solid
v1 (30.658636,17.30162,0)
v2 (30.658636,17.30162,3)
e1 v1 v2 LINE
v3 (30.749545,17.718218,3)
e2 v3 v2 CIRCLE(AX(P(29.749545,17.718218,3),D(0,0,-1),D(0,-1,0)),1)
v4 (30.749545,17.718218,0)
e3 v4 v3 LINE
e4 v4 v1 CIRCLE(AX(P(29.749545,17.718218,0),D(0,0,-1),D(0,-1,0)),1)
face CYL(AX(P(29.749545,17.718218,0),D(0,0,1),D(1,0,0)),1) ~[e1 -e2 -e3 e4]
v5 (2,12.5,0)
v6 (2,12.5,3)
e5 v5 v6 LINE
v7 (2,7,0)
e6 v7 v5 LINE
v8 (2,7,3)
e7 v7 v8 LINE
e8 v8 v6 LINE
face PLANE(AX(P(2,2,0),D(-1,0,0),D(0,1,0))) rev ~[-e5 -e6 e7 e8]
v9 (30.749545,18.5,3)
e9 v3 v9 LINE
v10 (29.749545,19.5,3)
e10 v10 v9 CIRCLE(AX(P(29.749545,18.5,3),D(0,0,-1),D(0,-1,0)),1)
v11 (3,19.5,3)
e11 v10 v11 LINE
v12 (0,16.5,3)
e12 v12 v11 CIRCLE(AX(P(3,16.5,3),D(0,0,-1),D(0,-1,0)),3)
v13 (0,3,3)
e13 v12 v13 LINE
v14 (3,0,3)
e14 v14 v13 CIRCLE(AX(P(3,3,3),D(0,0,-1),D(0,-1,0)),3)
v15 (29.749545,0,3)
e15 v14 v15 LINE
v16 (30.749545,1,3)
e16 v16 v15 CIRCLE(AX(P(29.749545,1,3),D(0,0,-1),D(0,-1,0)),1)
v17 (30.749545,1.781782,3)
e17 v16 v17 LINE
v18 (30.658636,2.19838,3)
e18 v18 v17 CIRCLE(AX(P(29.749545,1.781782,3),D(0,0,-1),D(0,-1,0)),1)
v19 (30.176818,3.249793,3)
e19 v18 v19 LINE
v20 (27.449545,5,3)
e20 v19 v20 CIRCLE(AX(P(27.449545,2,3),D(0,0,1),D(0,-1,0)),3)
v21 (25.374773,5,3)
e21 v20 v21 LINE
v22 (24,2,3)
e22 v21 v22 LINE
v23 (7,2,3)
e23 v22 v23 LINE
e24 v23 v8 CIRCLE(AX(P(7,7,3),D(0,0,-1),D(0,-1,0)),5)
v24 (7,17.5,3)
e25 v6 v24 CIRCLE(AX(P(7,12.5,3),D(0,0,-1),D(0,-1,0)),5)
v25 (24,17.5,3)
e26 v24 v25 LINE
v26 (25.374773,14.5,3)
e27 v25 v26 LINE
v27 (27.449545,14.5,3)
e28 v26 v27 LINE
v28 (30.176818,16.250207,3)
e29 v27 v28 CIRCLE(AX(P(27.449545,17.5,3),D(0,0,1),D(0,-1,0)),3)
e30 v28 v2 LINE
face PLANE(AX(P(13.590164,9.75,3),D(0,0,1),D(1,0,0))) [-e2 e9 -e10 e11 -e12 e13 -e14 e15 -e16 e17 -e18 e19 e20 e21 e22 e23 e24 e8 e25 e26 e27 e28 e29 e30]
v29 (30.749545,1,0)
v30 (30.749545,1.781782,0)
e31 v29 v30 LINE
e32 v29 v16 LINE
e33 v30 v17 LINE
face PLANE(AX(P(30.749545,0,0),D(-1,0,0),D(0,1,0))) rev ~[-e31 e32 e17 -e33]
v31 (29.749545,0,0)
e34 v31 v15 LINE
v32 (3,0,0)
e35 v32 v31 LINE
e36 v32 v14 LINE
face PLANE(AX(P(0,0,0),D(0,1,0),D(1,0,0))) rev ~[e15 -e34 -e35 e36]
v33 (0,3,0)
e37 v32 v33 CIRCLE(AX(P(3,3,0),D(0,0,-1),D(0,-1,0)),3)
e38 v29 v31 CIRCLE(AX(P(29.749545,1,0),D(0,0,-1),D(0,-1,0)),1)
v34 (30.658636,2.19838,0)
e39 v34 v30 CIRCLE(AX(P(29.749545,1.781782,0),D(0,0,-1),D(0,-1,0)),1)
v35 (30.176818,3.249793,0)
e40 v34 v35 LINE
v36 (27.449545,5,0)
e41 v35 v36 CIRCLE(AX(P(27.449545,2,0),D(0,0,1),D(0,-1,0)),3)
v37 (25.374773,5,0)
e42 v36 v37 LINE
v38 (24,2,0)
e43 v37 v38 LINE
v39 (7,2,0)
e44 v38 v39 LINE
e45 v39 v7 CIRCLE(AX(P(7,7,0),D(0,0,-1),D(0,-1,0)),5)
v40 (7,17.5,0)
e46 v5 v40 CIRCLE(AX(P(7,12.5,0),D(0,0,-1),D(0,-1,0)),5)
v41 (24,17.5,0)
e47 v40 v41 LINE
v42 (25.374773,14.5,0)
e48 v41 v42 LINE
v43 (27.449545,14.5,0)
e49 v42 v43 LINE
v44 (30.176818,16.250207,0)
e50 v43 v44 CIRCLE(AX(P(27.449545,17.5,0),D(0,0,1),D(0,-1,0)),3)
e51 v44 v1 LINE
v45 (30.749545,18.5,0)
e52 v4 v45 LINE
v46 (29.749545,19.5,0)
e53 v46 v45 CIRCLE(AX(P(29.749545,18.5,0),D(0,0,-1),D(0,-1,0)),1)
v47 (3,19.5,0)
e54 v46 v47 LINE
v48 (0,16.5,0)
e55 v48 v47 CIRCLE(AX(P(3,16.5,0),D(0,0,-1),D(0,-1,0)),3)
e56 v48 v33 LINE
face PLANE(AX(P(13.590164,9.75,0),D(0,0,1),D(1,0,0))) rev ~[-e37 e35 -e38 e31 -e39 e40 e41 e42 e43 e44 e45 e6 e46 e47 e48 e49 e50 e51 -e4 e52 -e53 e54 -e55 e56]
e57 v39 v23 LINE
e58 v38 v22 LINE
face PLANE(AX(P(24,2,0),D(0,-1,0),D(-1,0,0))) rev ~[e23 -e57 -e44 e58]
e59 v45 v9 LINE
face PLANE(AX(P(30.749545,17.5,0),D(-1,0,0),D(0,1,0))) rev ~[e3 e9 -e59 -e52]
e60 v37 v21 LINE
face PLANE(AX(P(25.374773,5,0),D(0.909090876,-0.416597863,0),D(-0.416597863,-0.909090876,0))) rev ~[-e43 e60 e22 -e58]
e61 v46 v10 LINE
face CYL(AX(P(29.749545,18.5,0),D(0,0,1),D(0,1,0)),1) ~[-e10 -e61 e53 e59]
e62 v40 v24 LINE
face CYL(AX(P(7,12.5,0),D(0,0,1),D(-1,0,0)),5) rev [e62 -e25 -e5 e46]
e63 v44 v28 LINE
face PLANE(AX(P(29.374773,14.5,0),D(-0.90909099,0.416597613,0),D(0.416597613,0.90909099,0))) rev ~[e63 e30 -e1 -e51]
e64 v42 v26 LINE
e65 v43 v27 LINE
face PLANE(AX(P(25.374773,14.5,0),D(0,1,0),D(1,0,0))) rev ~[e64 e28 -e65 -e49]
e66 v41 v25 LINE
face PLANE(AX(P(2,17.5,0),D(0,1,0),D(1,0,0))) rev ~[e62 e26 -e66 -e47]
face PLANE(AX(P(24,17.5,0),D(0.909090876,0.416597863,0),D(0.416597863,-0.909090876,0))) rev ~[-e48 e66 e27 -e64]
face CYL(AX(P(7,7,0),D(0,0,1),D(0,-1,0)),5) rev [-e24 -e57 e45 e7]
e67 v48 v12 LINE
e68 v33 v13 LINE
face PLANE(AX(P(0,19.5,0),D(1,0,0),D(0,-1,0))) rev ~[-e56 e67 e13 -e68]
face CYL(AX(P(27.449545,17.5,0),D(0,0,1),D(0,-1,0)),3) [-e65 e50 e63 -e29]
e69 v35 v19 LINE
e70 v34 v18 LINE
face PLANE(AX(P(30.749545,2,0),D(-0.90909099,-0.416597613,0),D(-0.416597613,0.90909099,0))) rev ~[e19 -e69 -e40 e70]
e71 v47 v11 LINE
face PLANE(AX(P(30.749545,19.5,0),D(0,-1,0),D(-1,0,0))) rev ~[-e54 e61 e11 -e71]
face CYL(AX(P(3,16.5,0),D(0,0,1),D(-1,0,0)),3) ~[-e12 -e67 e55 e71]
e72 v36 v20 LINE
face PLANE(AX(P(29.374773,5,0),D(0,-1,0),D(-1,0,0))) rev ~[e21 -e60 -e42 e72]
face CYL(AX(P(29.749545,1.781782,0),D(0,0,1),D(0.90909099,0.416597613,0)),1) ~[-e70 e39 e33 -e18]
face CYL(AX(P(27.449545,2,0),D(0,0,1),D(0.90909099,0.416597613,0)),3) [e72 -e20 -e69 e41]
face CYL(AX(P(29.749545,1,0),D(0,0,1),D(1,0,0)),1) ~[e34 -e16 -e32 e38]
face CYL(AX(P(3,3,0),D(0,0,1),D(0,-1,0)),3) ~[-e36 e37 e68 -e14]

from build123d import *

# Parameters (mm, degrees)
PAD_DEPTH   = 3
FILLET_R    = 3
FILLET001_R = 1
FILLET002_R = 5
FILLET003_R = 3


with BuildPart() as part:
    # Sketch → Pad (new body)
    with BuildSketch(Plane.XY):
        Polygon((0, 0), (30.749545, 0), (30.749545, 2), (29.374773, 5), (25.374773, 5), (24, 2), (2, 2), (2, 17.5), (24, 17.5), (25.374773, 14.5), (29.374773, 14.5), (30.749545, 17.5), (30.749545, 19.5), (0, 19.5), align=None)
    extrude(amount=PAD_DEPTH)

    # Fillet
    fillet_edges = [part.edges().sort_by_distance(p)[0] for p in [
        (29.374773, 5, 1.5),
        (29.374773, 14.5, 1.5),
    ]]
    fillet(fillet_edges, radius=FILLET_R)

    # Fillet001
    fillet001_edges = [part.edges().sort_by_distance(p)[0] for p in [
        (30.749545, 2, 1.5),
        (30.749545, 0, 1.5),
        (30.749545, 19.5, 1.5),
        (30.749545, 17.5, 1.5),
    ]]
    fillet(fillet001_edges, radius=FILLET001_R)

    # Fillet002
    fillet002_edges = [part.edges().sort_by_distance(p)[0] for p in [
        (2, 2, 1.5),
        (2, 17.5, 1.5),
    ]]
    fillet(fillet002_edges, radius=FILLET002_R)

    # Fillet003
    fillet003_edges = [part.edges().sort_by_distance(p)[0] for p in [
        (0, 0, 1.5),
        (0, 19.5, 1.5),
    ]]
    fillet(fillet003_edges, radius=FILLET003_R)


solid = part.part
